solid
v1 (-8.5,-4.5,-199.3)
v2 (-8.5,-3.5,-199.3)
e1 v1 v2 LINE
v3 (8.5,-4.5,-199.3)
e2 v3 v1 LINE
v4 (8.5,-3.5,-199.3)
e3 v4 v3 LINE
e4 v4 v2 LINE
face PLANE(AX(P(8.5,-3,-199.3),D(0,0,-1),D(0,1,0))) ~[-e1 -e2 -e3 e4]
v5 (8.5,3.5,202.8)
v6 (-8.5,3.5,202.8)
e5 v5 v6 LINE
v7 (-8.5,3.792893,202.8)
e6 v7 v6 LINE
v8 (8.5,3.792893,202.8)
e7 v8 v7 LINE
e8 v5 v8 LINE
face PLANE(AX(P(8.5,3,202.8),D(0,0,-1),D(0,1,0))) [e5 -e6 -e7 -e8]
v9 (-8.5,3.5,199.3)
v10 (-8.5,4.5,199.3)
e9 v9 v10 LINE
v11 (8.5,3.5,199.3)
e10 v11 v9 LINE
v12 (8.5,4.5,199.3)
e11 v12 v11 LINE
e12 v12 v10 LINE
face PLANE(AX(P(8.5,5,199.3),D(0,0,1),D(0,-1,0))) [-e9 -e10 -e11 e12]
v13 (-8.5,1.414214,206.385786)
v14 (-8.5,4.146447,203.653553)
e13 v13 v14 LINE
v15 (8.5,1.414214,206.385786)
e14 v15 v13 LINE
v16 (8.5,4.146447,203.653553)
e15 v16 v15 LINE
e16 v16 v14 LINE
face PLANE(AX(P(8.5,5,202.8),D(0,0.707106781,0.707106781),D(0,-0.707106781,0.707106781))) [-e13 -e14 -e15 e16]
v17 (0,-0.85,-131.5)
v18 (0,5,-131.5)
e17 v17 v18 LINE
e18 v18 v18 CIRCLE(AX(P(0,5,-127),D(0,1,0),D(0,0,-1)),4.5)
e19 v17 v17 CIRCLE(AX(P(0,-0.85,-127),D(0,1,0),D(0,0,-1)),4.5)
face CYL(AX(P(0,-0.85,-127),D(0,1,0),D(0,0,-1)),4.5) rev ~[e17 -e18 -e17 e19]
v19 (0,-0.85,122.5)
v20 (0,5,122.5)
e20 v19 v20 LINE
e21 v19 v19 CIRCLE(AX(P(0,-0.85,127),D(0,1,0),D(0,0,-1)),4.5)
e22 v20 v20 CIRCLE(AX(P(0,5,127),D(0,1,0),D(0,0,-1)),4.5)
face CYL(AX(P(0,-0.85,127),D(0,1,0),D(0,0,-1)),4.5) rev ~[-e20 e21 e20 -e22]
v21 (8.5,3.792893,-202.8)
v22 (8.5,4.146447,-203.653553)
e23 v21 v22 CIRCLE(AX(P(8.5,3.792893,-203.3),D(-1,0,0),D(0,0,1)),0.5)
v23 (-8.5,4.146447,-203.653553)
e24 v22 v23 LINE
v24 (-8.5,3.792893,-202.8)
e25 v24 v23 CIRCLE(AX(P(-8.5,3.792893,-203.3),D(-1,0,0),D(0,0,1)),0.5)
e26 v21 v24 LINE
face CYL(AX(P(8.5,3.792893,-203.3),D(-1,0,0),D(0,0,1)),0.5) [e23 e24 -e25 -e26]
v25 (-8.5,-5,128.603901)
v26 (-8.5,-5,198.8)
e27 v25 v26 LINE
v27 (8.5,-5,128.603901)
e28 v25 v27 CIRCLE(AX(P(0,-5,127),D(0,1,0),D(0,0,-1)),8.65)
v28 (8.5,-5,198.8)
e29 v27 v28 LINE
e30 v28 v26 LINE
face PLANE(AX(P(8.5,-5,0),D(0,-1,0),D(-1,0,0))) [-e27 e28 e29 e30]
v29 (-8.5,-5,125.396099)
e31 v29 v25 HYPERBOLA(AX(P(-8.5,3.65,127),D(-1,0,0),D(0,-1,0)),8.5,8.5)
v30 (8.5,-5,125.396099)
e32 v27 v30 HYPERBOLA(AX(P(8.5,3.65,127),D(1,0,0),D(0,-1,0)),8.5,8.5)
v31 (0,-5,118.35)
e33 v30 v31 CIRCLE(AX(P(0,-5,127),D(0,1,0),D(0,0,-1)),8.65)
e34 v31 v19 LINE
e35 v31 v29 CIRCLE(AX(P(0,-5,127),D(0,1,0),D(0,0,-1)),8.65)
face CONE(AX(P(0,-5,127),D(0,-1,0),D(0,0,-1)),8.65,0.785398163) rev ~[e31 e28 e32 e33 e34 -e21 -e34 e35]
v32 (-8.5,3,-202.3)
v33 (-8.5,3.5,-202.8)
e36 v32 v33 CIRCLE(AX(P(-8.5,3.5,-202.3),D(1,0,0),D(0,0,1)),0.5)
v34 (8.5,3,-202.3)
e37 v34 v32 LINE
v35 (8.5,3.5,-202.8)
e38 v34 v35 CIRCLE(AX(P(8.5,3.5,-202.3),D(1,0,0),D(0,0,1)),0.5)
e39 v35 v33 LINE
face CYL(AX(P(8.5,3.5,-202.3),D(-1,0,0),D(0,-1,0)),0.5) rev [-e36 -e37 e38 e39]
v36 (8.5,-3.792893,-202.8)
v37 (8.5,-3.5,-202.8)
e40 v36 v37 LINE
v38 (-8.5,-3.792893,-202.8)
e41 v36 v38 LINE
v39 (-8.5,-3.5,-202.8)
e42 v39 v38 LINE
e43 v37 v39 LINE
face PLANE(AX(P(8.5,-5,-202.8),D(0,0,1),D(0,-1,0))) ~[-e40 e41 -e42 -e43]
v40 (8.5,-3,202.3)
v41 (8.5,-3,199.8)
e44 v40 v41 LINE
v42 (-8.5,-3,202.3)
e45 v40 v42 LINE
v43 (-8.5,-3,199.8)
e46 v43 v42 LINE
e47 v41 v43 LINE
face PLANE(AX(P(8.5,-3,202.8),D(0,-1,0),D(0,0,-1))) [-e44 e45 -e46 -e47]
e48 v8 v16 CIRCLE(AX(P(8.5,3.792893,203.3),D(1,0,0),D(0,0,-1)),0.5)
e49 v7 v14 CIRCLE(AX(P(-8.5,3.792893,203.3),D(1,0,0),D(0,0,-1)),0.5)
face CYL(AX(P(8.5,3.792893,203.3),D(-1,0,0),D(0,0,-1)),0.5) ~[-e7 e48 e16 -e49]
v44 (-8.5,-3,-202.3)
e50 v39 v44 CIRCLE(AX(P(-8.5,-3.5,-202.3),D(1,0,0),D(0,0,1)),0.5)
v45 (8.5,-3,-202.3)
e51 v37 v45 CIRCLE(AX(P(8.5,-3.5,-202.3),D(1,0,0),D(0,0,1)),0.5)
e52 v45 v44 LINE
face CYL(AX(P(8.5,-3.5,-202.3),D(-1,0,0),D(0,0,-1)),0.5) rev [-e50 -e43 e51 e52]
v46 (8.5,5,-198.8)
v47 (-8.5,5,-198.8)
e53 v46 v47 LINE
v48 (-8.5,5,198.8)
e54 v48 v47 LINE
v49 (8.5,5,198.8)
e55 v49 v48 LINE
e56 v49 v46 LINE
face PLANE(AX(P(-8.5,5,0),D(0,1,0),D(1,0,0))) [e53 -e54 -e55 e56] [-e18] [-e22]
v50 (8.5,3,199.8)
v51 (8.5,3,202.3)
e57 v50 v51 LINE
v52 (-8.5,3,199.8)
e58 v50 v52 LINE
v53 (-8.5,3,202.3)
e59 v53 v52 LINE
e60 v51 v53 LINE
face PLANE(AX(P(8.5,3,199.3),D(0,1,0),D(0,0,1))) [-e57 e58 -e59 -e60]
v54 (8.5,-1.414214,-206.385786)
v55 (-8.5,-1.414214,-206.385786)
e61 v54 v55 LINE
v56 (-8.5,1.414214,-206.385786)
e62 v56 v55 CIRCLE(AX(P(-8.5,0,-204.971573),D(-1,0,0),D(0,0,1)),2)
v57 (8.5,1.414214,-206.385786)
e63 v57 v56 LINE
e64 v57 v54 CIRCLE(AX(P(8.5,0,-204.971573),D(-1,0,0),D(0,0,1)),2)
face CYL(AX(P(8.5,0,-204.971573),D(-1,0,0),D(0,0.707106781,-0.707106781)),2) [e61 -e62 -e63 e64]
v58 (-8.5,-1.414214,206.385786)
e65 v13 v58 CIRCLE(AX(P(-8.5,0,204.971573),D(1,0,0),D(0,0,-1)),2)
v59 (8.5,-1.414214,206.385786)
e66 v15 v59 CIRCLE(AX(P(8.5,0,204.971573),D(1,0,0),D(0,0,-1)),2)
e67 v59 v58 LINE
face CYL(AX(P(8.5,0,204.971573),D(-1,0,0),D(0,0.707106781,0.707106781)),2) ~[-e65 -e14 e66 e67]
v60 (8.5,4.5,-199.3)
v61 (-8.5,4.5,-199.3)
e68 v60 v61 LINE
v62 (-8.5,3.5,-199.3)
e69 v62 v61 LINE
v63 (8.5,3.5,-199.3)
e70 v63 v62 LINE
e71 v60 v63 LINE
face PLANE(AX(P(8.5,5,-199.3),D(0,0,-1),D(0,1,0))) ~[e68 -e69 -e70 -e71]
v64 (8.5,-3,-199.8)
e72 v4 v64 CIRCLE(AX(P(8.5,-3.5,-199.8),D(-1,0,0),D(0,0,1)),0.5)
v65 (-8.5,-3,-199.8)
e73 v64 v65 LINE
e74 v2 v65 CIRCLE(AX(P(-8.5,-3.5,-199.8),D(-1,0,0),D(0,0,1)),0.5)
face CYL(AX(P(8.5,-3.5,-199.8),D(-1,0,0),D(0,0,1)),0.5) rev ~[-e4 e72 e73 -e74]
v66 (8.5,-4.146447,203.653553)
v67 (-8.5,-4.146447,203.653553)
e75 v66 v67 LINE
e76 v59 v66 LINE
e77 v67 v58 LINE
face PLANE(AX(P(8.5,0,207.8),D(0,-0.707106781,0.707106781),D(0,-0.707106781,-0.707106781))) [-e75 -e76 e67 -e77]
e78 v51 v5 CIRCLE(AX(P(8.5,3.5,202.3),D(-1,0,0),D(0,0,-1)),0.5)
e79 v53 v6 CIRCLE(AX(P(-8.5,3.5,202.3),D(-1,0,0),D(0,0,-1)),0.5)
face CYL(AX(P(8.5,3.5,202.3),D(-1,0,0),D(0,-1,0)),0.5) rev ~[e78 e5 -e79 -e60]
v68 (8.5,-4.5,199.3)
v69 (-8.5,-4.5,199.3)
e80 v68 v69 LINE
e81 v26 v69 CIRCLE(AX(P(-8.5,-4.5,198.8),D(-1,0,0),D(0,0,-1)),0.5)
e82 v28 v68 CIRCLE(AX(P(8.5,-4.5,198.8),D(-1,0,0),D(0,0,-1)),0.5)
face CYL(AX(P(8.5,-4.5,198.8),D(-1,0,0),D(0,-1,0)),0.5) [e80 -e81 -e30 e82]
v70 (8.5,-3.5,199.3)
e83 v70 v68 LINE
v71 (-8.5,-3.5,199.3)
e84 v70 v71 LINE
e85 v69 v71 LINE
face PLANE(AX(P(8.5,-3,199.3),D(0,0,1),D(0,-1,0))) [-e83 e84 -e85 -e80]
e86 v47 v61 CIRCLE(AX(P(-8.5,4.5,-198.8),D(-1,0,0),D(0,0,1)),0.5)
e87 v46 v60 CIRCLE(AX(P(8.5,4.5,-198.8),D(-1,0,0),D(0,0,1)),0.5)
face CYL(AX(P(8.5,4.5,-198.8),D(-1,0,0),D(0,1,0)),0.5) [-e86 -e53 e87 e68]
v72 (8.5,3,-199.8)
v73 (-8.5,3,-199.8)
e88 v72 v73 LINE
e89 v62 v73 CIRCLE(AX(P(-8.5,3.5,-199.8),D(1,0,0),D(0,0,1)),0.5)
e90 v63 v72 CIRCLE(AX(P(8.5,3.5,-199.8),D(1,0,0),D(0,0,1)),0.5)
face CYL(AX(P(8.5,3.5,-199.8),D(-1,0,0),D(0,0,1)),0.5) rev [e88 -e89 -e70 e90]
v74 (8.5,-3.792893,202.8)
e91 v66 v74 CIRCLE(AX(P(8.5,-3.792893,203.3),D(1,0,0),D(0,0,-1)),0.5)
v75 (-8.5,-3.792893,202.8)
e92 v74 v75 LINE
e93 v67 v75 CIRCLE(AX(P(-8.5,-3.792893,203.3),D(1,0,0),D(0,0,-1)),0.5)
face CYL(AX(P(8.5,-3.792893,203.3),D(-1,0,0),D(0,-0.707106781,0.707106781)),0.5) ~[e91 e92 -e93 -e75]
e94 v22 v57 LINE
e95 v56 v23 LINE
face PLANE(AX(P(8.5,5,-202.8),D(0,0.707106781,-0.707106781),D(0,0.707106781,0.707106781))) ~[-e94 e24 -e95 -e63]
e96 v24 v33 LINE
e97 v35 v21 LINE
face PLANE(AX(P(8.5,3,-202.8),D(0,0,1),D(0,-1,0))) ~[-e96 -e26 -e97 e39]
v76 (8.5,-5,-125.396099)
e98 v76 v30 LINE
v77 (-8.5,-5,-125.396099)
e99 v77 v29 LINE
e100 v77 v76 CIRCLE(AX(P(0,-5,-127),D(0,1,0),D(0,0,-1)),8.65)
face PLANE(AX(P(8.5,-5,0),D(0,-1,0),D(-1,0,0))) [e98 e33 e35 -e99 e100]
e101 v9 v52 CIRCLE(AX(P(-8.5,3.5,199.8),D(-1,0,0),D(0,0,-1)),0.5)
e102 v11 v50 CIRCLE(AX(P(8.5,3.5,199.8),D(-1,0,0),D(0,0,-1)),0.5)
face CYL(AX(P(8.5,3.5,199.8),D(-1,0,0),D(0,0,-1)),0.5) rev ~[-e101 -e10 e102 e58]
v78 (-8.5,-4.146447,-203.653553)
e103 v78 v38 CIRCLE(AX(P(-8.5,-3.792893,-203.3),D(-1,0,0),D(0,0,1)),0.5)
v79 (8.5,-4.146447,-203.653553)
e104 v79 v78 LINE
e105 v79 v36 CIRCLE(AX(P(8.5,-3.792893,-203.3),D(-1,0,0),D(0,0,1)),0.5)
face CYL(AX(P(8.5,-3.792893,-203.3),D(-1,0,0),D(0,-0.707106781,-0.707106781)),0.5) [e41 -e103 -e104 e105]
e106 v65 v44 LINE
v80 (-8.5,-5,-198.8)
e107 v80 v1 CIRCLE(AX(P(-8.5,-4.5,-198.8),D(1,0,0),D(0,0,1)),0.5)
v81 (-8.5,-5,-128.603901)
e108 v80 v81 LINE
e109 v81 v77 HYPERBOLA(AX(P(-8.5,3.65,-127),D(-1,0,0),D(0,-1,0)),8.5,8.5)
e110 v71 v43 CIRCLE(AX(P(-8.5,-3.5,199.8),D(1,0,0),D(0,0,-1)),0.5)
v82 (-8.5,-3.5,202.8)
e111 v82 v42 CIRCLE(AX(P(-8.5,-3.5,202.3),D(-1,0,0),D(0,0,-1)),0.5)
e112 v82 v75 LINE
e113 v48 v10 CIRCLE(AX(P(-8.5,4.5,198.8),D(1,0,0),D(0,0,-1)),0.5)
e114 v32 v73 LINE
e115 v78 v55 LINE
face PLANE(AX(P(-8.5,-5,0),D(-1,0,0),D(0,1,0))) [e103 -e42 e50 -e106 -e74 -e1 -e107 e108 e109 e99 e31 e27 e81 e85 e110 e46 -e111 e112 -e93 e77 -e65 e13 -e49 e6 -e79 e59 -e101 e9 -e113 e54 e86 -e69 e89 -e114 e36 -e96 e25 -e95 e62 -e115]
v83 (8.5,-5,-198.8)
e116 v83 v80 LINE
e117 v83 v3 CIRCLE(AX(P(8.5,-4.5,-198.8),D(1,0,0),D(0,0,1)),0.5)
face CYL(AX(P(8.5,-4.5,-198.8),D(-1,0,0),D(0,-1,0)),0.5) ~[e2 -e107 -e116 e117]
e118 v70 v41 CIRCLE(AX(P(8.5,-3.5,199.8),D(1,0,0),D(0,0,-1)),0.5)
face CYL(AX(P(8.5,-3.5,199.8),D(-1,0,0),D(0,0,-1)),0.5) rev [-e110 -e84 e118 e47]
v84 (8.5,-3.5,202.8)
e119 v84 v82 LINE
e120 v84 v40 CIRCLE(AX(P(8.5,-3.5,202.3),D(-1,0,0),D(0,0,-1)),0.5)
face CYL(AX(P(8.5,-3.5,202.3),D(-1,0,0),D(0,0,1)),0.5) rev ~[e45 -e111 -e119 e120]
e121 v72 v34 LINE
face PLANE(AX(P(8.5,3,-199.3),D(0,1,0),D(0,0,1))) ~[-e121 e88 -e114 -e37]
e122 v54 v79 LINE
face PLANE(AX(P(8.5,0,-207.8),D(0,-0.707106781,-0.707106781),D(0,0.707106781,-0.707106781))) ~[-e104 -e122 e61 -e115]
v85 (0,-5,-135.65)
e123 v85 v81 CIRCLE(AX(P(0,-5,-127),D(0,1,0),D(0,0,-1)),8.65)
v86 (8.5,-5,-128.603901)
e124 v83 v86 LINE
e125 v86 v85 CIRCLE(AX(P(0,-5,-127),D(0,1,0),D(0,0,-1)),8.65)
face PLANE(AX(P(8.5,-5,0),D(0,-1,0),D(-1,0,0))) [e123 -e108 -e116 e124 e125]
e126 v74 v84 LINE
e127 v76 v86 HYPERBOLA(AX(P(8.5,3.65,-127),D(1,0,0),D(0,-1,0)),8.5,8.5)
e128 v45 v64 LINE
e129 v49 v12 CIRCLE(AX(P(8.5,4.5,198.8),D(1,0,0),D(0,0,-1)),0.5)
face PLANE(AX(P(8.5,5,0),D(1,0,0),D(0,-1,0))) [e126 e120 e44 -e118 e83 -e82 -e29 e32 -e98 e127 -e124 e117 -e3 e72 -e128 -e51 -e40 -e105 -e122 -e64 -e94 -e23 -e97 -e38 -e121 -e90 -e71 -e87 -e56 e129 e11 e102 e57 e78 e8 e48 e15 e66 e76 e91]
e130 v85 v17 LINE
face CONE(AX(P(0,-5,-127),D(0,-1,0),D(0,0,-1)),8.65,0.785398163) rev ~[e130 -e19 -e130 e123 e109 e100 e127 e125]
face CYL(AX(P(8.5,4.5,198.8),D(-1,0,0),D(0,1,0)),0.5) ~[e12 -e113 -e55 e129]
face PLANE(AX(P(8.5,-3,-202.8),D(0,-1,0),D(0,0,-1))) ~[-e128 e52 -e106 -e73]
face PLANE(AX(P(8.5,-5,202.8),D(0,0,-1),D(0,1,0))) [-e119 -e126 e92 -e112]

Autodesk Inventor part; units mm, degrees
ref_plane "YZ Plane" through (0, 0, 0) normal (1, 0, 0) x (0, 1, 0)
ref_plane "XZ Plane" through (0, 0, 0) normal (0, 1, 0) x (-1, 0, 0)
ref_plane "XY Plane" through (0, 0, 0) normal (0, 0, 1) x (1, 0, 0)
sketch "Sketch1" plane through (0, 0, 0) normal (0, 0, 1) x (1, 0, 0)
  line L0 (8.5, -5) -> (-8.5, -5)
  line L1 (-8.5, -5) -> (-8.5, 5)
  line L2 (-8.5, 5) -> (8.5, 5)
  line L3 (8.5, 5) -> (8.5, -5)
  line L4 (8.5, -5) -> (-8.5, 5) construction
  line L5 (-8.5, -5) -> (8.5, 5) construction
  point P0 (0, 0)
  dimension "d0" = 17
  dimension "d1" = 10
extrude "Extrusion1" add sketch "Sketch1" along normal blind 207.8
sketch "Sketch2" plane through (8.5, -5, 0) normal (1, 0, 0) x (0, 0, -1)
  line L0 (0, 10) -> (-207.8, 10) projected
  line L1 (-199.3, 10) -> (-199.3, 8)
  line L2 (-199.3, 8) -> (-202.8, 8)
  line L3 (-202.8, 8) -> (-202.8, 10)
  line L4 (-202.8, 10) -> (-207.8, 5)
  line L5 (-207.8, 5) -> (-202.8, 0)
  line L6 (-202.8, 0) -> (-202.8, 2)
  line L7 (-202.8, 2) -> (-199.3, 2)
  line L8 (-199.3, 2) -> (-199.3, 0)
  line L9 (0, 0) -> (-207.8, 0) projected
  line L10 (0, 10) -> (-207.8, 10) projected
  line L11 (-207.8, 0) -> (-207.8, 10) projected
  point P0 (0, 5)
  point P1 (-202.8, 0)
  point P2 (-202.8, 10)
  point P3 (-202.8, 10)
  dimension "d5" = 6
  dimension "d6" = 3.5
  dimension "d7" = 5
extrude "Extrusion2" cut sketch "Sketch2" against normal through all
fillet "Fillet1" radius 0.5 8 edges at (0, 5, 199.3) (0, 3, 199.3) (0, 3, 202.8) (0, 5, 202.8) (0, -5, 202.8) (0, -3, 202.8) (0, -3, 199.3) (0, -5, 199.3)
fillet "Fillet2" radius 2 1 edges at (0, 0, 207.8)
mirror "Mirror2" about plane through (0, 0, 0) normal (0, 0, -1)
sketch "Sketch3" plane through (-8.5, -5, 198.8) normal (0, 1, 0) x (1, 0, 0)
  point P0 (8.5, 198.8)
  point P1 (8.5, 71.8)
  point P2 (8.5, 325.8)
  dimension "d12" = 254
  dimension "d13" = 127
hole "Hole1" at (0, -5, 127) at (0, -5, -127) direction (0, 1, 0) diameter 9 end through all countersink diameter 17.3 countersink angle 90 clearance for "Flat Head Machine Screw" size "M8" standard "Ansi Metric M Profile"
equation "\"d13\" = 0.5 * d12"
properties part number "Support Rod" material "Aluminum 6061"
